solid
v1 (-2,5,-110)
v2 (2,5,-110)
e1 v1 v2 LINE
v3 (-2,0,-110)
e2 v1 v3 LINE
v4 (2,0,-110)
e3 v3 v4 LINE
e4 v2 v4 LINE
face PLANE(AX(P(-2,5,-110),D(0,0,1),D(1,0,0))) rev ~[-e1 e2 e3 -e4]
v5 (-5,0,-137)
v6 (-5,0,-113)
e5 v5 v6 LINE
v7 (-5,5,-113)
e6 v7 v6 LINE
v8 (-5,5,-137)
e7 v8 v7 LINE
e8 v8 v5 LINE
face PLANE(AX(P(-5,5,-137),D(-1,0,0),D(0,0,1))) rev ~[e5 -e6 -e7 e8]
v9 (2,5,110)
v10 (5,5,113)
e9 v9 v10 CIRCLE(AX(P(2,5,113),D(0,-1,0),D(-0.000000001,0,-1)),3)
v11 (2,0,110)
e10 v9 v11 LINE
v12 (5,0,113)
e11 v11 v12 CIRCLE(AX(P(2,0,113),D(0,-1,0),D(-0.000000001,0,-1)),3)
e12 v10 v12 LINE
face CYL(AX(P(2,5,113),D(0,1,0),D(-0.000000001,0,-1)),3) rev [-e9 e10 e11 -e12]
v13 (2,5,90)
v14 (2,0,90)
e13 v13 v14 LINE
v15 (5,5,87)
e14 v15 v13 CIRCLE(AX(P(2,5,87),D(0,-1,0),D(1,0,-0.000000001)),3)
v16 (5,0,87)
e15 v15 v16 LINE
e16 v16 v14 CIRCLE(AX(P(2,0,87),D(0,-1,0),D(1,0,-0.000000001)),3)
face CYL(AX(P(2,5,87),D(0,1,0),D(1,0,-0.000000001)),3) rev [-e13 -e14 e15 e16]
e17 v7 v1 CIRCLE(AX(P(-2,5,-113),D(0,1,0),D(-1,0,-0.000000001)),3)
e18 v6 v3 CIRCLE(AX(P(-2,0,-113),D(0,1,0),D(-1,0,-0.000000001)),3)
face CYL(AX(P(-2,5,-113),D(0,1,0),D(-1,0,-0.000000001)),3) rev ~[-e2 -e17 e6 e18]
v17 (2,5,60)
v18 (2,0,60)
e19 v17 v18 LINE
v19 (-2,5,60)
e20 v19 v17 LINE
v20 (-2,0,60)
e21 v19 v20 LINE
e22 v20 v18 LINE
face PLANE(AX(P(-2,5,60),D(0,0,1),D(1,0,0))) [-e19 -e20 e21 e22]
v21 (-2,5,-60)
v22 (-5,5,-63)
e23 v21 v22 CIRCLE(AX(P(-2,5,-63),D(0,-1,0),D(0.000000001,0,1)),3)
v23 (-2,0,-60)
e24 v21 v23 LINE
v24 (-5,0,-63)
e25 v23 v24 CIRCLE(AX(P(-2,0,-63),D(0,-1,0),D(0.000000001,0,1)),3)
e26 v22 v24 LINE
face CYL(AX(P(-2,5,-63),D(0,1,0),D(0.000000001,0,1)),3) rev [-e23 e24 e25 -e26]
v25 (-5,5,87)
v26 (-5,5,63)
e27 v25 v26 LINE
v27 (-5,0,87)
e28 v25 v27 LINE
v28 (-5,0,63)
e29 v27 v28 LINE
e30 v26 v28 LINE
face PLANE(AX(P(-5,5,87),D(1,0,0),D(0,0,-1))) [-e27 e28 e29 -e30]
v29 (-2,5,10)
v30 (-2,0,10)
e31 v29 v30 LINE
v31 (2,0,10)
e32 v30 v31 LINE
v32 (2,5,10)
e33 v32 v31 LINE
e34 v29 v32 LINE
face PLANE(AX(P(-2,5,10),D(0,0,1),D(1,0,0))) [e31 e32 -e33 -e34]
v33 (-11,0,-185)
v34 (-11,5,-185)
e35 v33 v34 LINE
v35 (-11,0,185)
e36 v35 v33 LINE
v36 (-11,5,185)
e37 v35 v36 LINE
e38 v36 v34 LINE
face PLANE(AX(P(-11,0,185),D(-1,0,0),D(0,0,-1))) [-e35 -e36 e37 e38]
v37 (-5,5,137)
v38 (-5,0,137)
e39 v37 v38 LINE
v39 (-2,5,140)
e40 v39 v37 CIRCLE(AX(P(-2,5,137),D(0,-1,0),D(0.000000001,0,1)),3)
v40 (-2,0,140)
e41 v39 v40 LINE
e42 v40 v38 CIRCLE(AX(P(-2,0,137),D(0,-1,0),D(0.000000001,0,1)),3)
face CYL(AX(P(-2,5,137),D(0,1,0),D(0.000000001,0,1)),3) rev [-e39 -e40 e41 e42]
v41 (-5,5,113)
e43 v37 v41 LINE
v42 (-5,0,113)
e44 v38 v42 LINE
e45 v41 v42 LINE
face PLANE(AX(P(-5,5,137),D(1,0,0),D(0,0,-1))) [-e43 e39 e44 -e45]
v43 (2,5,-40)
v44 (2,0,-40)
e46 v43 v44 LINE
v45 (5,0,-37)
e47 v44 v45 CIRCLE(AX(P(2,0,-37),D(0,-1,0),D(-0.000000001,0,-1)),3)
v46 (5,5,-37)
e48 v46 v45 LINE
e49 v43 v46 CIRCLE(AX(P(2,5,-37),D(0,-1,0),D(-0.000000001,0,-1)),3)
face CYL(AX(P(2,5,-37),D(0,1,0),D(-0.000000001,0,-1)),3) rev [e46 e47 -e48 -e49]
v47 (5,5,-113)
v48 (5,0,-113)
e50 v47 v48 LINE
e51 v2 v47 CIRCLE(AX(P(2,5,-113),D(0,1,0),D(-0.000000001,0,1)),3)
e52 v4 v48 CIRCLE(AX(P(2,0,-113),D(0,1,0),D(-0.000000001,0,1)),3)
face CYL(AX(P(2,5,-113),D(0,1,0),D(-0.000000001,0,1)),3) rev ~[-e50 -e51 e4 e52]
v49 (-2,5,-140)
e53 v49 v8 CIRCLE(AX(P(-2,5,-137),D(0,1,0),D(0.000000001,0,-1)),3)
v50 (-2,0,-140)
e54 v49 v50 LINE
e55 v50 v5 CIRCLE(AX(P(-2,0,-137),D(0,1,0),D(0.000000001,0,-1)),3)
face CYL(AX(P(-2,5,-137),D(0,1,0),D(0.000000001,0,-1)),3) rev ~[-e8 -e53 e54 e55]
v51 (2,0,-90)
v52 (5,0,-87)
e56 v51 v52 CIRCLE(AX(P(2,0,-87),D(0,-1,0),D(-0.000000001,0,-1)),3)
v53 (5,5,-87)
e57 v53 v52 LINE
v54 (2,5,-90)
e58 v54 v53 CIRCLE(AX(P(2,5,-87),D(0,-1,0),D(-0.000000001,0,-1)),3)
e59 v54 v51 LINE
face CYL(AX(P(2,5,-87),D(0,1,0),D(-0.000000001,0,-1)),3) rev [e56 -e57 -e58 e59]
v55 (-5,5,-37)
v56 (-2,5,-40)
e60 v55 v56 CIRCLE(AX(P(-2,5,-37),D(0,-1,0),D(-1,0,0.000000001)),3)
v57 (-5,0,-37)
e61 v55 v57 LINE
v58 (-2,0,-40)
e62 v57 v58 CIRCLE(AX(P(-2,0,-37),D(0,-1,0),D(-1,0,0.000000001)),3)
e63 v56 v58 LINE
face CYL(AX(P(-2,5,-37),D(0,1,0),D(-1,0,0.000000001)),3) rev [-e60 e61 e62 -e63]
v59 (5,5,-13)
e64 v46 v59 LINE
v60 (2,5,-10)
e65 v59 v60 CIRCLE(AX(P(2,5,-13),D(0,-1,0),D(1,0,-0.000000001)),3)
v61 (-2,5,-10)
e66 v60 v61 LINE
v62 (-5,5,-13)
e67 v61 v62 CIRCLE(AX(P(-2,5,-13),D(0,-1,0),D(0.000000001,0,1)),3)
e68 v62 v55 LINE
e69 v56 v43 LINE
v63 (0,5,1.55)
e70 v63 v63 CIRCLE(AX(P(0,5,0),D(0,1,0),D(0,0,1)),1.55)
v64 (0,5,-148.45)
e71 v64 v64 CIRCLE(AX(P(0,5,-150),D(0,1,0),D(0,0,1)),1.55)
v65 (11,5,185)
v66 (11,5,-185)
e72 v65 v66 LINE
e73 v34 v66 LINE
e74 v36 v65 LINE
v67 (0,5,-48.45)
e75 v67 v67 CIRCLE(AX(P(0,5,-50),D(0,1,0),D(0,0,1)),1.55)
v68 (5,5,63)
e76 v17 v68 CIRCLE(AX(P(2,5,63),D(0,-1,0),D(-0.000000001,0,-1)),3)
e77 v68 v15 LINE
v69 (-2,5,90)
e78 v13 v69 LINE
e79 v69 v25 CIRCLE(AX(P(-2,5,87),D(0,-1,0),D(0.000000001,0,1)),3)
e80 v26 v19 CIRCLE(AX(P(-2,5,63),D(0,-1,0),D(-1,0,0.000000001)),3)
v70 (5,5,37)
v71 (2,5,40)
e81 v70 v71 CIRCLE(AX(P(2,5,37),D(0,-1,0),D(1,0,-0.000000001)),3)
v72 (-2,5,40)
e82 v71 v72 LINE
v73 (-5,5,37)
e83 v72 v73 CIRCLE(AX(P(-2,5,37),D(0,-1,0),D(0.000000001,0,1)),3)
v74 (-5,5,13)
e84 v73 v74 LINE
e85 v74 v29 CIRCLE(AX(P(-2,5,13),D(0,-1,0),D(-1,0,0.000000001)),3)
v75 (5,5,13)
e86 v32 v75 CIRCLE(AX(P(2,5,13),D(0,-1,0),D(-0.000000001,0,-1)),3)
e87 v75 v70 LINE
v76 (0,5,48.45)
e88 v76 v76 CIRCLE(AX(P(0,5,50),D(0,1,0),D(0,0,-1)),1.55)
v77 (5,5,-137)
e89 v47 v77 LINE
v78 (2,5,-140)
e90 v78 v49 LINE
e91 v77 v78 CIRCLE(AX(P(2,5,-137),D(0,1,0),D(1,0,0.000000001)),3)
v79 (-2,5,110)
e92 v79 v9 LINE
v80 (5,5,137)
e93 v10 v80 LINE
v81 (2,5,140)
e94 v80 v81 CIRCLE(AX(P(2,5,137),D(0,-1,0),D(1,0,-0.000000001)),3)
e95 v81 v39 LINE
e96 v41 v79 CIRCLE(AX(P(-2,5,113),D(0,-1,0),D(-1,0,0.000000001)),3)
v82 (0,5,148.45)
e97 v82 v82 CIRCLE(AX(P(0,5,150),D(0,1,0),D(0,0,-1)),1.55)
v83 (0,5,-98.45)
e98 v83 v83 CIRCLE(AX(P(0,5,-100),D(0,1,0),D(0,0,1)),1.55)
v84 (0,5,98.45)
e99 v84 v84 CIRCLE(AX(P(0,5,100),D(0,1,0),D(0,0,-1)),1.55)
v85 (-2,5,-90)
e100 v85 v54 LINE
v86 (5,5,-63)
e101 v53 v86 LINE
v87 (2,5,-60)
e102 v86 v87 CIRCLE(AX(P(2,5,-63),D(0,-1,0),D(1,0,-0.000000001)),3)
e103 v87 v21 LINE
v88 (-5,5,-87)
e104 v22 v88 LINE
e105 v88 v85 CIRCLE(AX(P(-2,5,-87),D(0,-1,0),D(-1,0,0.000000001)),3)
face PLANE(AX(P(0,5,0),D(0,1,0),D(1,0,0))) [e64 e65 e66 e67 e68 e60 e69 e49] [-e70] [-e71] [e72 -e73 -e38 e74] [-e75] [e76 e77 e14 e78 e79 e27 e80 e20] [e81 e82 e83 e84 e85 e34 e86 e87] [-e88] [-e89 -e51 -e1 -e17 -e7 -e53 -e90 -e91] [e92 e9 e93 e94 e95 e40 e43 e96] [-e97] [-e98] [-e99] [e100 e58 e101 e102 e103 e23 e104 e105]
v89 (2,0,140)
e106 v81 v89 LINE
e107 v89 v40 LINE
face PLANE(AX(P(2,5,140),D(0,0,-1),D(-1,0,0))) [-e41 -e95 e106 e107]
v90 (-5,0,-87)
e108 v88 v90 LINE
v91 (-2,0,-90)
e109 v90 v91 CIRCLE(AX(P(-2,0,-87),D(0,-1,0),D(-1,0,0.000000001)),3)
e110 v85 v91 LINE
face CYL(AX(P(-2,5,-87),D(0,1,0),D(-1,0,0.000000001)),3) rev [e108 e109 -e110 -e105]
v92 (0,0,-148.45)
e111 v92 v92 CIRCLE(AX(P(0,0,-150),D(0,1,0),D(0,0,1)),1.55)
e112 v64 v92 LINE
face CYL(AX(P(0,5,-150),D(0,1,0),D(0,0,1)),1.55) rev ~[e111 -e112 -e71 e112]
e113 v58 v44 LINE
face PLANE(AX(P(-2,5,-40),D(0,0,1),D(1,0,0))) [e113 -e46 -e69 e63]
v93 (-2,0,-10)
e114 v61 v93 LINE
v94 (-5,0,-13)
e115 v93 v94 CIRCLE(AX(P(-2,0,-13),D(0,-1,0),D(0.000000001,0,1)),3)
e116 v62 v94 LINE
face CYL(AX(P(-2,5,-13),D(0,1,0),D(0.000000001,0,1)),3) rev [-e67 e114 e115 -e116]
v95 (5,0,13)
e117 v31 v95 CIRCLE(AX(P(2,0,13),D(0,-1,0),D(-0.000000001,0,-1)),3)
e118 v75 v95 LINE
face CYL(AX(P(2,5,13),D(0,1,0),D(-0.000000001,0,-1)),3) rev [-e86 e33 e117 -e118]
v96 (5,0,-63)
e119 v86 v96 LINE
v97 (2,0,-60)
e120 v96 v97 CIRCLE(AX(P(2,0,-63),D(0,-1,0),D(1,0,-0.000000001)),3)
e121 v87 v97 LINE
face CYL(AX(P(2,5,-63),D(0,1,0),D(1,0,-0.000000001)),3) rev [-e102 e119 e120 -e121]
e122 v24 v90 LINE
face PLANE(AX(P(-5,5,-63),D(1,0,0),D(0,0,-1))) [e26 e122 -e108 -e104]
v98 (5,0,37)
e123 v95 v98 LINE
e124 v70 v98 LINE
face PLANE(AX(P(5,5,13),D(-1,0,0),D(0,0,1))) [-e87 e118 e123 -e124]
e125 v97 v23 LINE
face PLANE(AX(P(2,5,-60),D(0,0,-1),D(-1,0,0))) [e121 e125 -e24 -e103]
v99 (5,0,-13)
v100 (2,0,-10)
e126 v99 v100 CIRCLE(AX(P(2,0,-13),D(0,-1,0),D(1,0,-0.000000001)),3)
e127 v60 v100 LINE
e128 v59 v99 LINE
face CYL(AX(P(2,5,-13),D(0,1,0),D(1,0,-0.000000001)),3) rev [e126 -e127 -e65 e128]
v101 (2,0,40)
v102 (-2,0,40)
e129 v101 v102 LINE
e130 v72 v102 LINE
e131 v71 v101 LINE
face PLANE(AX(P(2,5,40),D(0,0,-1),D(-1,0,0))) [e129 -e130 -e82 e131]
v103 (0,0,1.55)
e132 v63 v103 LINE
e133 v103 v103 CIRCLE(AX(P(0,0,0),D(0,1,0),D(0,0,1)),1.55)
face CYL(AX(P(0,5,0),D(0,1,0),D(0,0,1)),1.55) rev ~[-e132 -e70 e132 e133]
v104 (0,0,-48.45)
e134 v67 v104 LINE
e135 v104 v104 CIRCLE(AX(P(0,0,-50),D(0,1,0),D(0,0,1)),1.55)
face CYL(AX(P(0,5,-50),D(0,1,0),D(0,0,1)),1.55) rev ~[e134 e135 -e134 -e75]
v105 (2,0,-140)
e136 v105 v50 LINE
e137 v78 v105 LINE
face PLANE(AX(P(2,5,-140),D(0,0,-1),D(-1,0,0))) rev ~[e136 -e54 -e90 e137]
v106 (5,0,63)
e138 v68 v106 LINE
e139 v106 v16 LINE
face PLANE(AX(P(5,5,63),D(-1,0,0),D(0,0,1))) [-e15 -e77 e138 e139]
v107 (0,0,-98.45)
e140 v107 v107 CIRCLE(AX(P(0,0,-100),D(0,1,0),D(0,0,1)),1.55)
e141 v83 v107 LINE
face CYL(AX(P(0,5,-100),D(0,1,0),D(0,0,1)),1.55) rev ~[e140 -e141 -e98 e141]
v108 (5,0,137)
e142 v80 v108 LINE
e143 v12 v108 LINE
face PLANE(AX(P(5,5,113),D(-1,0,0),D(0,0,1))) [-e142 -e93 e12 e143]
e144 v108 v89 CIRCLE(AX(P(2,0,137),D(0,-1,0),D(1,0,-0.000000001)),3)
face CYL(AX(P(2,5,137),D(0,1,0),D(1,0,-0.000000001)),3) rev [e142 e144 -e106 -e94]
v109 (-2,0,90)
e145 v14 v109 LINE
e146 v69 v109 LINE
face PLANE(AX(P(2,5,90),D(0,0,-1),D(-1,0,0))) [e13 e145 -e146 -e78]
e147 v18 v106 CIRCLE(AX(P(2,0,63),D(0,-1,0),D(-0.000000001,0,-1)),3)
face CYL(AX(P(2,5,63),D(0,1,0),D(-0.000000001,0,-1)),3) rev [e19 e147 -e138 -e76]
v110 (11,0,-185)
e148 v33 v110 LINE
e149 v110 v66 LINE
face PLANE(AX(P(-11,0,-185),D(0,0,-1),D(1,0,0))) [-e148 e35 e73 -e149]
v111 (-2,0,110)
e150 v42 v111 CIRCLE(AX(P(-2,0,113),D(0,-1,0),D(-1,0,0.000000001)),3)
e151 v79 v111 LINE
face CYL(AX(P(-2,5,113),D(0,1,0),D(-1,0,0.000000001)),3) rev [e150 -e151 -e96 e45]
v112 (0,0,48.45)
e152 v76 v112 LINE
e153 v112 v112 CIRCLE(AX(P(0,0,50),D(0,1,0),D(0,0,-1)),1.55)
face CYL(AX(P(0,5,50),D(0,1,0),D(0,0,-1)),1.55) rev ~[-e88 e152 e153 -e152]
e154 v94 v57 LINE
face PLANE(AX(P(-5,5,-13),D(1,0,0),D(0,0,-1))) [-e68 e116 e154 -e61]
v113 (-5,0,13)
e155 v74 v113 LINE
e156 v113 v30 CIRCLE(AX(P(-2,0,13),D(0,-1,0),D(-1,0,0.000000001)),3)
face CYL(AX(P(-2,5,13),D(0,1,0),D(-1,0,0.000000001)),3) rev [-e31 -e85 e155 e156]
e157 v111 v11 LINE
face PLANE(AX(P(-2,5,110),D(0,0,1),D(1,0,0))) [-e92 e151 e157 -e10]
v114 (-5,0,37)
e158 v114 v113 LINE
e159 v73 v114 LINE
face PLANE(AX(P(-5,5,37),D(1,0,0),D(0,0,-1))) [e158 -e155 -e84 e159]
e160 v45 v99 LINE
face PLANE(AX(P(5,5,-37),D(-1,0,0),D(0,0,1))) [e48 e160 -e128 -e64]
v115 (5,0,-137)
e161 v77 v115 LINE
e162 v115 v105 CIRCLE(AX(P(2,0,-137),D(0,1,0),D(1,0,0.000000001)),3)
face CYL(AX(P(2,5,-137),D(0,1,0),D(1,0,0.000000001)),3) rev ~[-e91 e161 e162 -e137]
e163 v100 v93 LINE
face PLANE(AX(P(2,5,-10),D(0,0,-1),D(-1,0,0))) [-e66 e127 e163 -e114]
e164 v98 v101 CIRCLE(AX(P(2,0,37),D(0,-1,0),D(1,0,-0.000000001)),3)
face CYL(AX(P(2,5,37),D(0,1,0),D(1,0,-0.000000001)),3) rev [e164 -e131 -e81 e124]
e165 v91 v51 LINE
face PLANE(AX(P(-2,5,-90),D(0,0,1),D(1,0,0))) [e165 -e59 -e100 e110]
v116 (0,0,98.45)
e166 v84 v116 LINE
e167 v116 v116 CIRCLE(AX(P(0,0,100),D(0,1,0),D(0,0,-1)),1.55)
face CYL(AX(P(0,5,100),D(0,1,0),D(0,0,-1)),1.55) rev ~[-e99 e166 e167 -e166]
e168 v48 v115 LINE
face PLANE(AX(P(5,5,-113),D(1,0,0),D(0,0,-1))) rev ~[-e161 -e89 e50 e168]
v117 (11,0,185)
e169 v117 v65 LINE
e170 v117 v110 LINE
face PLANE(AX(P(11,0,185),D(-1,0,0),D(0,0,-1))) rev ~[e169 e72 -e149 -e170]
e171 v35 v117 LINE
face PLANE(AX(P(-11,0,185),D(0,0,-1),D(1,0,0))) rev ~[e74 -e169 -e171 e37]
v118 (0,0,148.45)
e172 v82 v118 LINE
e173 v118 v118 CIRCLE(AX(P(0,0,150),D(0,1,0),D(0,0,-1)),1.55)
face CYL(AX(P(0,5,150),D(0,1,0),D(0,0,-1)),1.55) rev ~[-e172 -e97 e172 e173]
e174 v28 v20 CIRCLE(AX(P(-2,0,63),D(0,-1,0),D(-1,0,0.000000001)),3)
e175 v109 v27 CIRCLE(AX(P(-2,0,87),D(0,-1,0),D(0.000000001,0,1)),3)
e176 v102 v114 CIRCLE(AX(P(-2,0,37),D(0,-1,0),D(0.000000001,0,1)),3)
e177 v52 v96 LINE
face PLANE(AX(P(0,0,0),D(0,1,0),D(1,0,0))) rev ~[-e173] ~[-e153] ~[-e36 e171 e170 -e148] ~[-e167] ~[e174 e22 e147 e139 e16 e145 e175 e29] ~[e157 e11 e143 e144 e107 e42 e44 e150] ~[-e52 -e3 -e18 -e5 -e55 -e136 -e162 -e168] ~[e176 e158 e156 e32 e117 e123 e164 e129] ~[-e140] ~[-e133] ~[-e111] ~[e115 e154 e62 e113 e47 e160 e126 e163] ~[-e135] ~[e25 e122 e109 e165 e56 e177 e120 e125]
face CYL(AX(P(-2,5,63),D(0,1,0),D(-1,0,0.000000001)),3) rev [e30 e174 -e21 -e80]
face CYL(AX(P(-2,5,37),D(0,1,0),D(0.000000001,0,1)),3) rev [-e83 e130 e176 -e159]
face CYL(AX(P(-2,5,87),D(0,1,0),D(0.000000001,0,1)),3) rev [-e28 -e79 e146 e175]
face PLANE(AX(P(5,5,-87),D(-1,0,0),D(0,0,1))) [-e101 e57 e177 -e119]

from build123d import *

# Parameters (mm, degrees)
SKETCH_1_W          = 22
SKETCH_1_H          = 370
EXTRUDE_1_DEPTH     = 5
SKETCH_2_R          = 1.55
CUT_EXTRUDE_1_DEPTH = 5
CUT_EXTRUDE_2_DEPTH = 5


with BuildPart() as part:
    # 草图1 → 凸台-拉伸1 (new body)
    with BuildSketch(Plane(origin=(0, 0, 0), x_dir=(1, 0, 0), z_dir=(0, 1, 0))):
        Rectangle(SKETCH_1_W, SKETCH_1_H)
    extrude(amount=EXTRUDE_1_DEPTH)

    # 草图2 → 切除-拉伸1 (cut)
    with BuildSketch(Plane(origin=(0, 5, 0), x_dir=(1, 0, 0), z_dir=(0, 1, 0))):
        with Locations(Location((0, 0, 0), (0, 0, 270))):
            Circle(SKETCH_2_R)
        with Locations(Location((0, 50, 0), (0, 0, 270))):
            Circle(SKETCH_2_R)
        with Locations(Location((0, 100, 0), (0, 0, 270))):
            Circle(SKETCH_2_R)
        with Locations(Location((0, 150, 0), (0, 0, 270))):
            Circle(SKETCH_2_R)
        with Locations(Location((0, -150, 0), (0, 0, 90))):
            Circle(SKETCH_2_R)
        with Locations(Location((0, -100, 0), (0, 0, 90))):
            Circle(SKETCH_2_R)
        with Locations(Location((0, -50, 0), (0, 0, 90))):
            Circle(SKETCH_2_R)
    extrude(amount=-CUT_EXTRUDE_1_DEPTH, mode=Mode.SUBTRACT)

    # 草图3 → 切除-拉伸2 (cut)
    with BuildSketch(Plane(origin=(0, 5, 0), x_dir=(1, 0, 0), z_dir=(0, 1, 0))):
        with BuildLine():
            Line((-5, 63), (-5, 87))
            ThreePointArc((-5, 87), (-4.121320344, 89.121320344), (-2, 90))
            Line((-2, 90), (2, 90))
            ThreePointArc((2, 90), (4.121320344, 89.121320344), (5, 87))
            Line((5, 87), (5, 63))
            ThreePointArc((5, 63), (4.121320344, 60.878679656), (2, 60))
            Line((2, 60), (-2, 60))
            ThreePointArc((-2, 60), (-4.121320344, 60.878679656), (-5, 63))
        make_face()
        with BuildLine():
            Line((-2, 110), (2, 110))
            ThreePointArc((2, 110), (4.121320344, 110.878679656), (5, 113))
            Line((5, 113), (5, 137))
            ThreePointArc((5, 137), (4.121320344, 139.121320344), (2, 140))
            Line((2, 140), (-2, 140))
            ThreePointArc((-2, 140), (-4.121320344, 139.121320344), (-5, 137))
            Line((-5, 137), (-5, 113))
            ThreePointArc((-5, 113), (-4.121320344, 110.878679656), (-2, 110))
        make_face()
        with BuildLine():
            Line((-5, 13), (-5, 37))
            ThreePointArc((-5, 37), (-4.121320344, 39.121320344), (-2, 40))
            Line((-2, 40), (2, 40))
            ThreePointArc((2, 40), (4.121320344, 39.121320344), (5, 37))
            Line((5, 37), (5, 13))
            ThreePointArc((5, 13), (4.121320344, 10.878679656), (2, 10))
            Line((2, 10), (-2, 10))
            ThreePointArc((-2, 10), (-4.121320344, 10.878679656), (-5, 13))
        make_face()
        with BuildLine():
            Line((-5, -37), (-5, -13))
            ThreePointArc((-5, -13), (-4.121320344, -10.878679656), (-2, -10))
            Line((-2, -10), (2, -10))
            ThreePointArc((2, -10), (4.121320344, -10.878679656), (5, -13))
            Line((5, -13), (5, -37))
            ThreePointArc((5, -37), (4.121320344, -39.121320344), (2, -40))
            Line((2, -40), (-2, -40))
            ThreePointArc((-2, -40), (-4.121320344, -39.121320344), (-5, -37))
        make_face()
        with BuildLine():
            Line((-5, -87), (-5, -63))
            ThreePointArc((-5, -63), (-4.121320344, -60.878679656), (-2, -60))
            Line((-2, -60), (2, -60))
            ThreePointArc((2, -60), (4.121320344, -60.878679656), (5, -63))
            Line((5, -63), (5, -87))
            ThreePointArc((5, -87), (4.121320344, -89.121320344), (2, -90))
            Line((2, -90), (-2, -90))
            ThreePointArc((-2, -90), (-4.121320344, -89.121320344), (-5, -87))
        make_face()
        with BuildLine():
            Line((-5, -137), (-5, -113))
            ThreePointArc((-5, -113), (-4.121320344, -110.878679656), (-2, -110))
            Line((-2, -110), (2, -110))
            ThreePointArc((2, -110), (4.121320344, -110.878679656), (5, -113))
            Line((5, -113), (5, -137))
            ThreePointArc((5, -137), (4.121320344, -139.121320344), (2, -140))
            Line((2, -140), (-2, -140))
            ThreePointArc((-2, -140), (-4.121320344, -139.121320344), (-5, -137))
        make_face()
    extrude(amount=-CUT_EXTRUDE_2_DEPTH, mode=Mode.SUBTRACT)


solid = part.part
